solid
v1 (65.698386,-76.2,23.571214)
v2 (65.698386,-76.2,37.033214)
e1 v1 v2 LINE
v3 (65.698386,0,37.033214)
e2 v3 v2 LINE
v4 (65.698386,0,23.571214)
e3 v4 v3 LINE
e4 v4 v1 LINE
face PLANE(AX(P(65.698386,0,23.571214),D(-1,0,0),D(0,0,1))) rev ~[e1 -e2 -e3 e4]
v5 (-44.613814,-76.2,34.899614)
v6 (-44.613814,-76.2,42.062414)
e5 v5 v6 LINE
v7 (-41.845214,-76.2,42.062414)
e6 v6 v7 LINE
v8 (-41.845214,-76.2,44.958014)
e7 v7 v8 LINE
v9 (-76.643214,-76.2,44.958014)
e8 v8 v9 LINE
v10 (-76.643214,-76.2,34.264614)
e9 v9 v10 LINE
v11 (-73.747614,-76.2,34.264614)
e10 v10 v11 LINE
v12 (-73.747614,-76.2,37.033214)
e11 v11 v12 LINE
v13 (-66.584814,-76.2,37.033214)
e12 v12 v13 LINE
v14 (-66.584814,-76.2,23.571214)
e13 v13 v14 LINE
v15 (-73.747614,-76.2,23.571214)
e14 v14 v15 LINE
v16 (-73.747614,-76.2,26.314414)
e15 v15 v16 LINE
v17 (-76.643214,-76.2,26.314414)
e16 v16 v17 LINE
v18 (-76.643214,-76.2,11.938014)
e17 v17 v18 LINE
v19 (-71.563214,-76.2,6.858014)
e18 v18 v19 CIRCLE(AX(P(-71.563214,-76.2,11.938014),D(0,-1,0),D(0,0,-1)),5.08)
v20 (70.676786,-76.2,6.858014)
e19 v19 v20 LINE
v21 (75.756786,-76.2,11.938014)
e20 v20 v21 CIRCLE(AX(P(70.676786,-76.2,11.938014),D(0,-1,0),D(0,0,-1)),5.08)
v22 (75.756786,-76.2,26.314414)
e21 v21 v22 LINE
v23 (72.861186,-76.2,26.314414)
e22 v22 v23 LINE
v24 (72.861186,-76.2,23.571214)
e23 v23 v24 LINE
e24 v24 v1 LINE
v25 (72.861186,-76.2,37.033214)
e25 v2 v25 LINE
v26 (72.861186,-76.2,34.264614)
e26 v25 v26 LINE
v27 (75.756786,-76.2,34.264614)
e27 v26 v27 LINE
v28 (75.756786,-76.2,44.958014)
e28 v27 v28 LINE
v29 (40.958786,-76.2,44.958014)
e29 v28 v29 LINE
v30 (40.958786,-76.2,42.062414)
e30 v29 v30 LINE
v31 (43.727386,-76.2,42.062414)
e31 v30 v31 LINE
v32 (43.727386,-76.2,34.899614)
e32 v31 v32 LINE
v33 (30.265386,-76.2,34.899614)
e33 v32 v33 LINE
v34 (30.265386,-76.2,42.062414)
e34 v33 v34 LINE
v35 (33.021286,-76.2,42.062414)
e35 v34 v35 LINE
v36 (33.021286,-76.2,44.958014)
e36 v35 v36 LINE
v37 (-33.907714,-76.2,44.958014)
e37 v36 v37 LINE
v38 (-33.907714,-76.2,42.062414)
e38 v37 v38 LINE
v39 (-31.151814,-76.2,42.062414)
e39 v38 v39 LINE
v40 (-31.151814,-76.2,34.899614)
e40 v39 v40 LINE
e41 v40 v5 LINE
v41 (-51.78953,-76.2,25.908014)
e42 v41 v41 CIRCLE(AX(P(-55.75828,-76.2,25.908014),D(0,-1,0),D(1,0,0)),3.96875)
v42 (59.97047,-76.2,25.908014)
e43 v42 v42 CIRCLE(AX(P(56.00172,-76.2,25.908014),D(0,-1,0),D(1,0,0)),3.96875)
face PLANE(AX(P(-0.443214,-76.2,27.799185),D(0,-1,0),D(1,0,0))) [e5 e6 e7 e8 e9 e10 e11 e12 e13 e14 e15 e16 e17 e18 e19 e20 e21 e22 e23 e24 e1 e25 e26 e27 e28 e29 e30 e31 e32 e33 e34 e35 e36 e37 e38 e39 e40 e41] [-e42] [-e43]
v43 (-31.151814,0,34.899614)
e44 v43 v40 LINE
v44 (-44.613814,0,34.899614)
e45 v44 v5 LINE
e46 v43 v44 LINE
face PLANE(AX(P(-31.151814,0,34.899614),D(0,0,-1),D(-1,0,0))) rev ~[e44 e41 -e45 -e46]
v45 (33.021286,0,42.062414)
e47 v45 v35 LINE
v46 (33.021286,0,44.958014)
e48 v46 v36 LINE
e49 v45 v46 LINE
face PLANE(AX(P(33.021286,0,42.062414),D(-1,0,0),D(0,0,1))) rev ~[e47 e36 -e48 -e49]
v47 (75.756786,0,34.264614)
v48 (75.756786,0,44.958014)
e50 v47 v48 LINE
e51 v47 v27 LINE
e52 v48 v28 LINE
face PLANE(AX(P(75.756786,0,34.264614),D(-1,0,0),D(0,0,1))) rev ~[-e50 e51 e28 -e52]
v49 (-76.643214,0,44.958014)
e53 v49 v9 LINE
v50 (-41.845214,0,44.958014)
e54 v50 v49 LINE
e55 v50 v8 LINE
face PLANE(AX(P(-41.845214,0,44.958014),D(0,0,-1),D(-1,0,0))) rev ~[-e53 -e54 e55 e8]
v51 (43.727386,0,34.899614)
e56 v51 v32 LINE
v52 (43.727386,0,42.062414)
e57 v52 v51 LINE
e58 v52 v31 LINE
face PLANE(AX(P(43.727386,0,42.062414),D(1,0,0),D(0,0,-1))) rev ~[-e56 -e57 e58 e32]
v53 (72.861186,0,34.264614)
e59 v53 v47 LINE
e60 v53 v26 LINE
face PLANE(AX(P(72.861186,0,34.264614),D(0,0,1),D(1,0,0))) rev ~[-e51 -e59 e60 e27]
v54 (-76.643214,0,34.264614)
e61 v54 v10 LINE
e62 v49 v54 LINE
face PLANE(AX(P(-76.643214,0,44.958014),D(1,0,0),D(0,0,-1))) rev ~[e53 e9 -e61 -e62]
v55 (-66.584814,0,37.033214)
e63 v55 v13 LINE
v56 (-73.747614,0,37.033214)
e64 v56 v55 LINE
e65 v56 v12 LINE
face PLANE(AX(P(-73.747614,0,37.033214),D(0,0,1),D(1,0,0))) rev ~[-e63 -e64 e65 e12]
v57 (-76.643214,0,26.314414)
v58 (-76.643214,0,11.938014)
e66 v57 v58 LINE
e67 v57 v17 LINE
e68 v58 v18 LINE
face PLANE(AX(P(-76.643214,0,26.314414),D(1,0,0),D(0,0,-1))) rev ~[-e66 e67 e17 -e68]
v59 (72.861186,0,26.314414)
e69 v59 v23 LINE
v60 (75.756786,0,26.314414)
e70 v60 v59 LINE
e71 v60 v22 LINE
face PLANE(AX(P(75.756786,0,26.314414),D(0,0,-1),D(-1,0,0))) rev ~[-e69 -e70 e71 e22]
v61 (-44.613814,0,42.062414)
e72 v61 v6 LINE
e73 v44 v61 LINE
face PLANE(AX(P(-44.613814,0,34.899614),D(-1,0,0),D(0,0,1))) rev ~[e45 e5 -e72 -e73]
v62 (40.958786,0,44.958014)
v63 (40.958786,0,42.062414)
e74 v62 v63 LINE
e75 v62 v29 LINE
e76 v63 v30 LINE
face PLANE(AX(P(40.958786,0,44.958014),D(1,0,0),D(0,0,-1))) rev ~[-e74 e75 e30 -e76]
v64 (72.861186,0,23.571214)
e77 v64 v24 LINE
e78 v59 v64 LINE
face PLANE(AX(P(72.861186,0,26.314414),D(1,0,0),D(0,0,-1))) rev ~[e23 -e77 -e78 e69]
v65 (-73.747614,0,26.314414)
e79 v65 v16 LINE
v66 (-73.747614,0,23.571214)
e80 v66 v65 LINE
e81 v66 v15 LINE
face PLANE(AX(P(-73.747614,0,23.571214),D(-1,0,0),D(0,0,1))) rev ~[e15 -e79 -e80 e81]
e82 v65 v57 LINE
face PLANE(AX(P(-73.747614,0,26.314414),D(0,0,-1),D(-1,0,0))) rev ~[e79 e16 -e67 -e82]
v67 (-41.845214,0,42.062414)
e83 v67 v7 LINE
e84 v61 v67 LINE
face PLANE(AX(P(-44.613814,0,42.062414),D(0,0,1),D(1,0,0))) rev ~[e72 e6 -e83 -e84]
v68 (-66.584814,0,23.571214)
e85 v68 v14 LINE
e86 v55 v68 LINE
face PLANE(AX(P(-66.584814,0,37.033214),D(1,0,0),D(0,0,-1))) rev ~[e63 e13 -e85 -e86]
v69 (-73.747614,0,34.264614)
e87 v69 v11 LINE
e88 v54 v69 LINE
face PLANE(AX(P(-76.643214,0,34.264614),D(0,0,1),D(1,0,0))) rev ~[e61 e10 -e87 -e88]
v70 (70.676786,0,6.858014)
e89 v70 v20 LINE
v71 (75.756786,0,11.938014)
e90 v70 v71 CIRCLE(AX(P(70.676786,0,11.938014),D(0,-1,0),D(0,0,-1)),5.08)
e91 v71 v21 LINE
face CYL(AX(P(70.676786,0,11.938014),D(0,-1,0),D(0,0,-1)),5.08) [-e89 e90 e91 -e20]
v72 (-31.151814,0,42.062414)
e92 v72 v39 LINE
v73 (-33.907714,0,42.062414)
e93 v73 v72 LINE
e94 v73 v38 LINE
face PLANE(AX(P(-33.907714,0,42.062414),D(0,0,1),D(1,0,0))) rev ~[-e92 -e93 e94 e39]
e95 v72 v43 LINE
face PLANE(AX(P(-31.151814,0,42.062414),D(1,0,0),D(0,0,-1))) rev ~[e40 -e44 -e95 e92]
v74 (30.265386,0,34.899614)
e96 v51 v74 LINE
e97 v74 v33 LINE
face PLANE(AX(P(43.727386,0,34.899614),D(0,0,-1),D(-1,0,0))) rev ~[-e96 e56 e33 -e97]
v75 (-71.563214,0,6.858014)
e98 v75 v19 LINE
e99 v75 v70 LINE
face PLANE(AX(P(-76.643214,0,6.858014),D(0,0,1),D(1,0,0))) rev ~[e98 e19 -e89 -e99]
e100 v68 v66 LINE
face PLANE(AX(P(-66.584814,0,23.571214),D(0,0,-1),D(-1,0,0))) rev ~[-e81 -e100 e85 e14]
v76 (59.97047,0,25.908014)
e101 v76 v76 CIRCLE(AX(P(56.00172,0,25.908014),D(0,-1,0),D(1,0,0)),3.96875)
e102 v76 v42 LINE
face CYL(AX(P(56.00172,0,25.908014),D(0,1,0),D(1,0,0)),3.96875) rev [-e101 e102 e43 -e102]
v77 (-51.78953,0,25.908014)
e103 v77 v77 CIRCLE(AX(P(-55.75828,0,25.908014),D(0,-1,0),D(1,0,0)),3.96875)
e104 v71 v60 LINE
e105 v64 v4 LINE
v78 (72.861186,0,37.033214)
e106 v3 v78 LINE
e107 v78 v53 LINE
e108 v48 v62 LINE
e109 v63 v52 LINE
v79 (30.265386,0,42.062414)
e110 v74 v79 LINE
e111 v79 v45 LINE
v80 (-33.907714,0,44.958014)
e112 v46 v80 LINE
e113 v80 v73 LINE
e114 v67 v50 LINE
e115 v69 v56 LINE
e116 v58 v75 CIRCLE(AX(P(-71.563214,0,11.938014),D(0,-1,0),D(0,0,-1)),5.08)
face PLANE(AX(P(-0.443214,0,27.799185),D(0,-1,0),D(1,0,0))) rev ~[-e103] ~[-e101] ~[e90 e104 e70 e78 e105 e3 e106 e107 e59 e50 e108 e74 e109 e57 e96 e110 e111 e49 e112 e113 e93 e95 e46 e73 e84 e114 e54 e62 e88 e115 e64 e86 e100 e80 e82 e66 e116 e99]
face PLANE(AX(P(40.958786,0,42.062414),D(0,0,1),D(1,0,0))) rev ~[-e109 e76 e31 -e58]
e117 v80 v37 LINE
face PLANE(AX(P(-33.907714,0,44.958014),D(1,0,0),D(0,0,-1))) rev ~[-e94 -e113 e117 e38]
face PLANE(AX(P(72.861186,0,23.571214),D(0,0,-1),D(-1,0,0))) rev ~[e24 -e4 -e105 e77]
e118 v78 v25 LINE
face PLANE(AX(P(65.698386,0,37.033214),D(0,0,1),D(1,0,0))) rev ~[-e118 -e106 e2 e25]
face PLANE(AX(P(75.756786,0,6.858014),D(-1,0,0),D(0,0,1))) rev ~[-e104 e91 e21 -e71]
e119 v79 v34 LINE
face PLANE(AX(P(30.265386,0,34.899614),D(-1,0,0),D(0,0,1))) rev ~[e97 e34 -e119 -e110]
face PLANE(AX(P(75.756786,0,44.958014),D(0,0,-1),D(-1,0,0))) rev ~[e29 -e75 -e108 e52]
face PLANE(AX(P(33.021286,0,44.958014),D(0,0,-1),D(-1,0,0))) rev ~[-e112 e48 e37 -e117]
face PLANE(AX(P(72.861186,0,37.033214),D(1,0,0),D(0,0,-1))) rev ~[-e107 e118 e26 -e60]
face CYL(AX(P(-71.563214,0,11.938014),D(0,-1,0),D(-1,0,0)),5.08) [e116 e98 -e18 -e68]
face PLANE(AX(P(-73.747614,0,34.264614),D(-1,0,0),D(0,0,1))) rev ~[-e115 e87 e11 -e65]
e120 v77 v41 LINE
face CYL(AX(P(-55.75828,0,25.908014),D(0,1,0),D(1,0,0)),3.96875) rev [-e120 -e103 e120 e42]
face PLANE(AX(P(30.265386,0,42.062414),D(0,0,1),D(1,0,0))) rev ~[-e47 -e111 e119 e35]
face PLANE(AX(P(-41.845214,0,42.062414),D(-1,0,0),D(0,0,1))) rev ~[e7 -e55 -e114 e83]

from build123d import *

# Parameters (mm, degrees)
F0_R     = 3.96875
F1_DEPTH = 76.2
F2_R     = 5.08


with BuildPart() as f1:
    # F0 (on Front) → F1 (new body)
    with BuildSketch(Plane.XZ):
        Polygon((-41.845214, 44.958014), (-76.643214, 44.958014), (-76.643214, 34.264614), (-73.747614, 34.264614), (-73.747614, 37.033214), (-66.584814, 37.033214), (-66.584814, 23.571214), (-73.747614, 23.571214), (-73.747614, 26.314414), (-76.643214, 26.314414), (-76.643214, 6.858014), (75.756786, 6.858014), (75.756786, 26.314414), (72.861186, 26.314414), (72.861186, 23.571214), (65.698386, 23.571214), (65.698386, 37.033214), (72.861186, 37.033214), (72.861186, 34.264614), (75.756786, 34.264614), (75.756786, 44.958014), (40.958786, 44.958014), (40.958786, 42.062414), (43.727386, 42.062414), (43.727386, 34.899614), (30.265386, 34.899614), (30.265386, 42.062414), (33.021286, 42.062414), (33.021286, 44.958014), (-33.907714, 44.958014), (-33.907714, 42.062414), (-31.151814, 42.062414), (-31.151814, 34.899614), (-44.613814, 34.899614), (-44.613814, 42.062414), (-41.845214, 42.062414), align=None)
        with Locations((-55.75828, 25.908014)):
            Circle(F0_R, mode=Mode.SUBTRACT)
        with Locations((56.00172, 25.908014)):
            Circle(F0_R, mode=Mode.SUBTRACT)
    extrude(amount=F1_DEPTH)

    # F2
    f2_edges = [f1.edges().sort_by_distance(p)[0] for p in [
        (-76.643214, -38.1, 6.858014),
        (75.756786, -38.1, 6.858014),
    ]]
    fillet(f2_edges, radius=F2_R)


solid = f1.part
